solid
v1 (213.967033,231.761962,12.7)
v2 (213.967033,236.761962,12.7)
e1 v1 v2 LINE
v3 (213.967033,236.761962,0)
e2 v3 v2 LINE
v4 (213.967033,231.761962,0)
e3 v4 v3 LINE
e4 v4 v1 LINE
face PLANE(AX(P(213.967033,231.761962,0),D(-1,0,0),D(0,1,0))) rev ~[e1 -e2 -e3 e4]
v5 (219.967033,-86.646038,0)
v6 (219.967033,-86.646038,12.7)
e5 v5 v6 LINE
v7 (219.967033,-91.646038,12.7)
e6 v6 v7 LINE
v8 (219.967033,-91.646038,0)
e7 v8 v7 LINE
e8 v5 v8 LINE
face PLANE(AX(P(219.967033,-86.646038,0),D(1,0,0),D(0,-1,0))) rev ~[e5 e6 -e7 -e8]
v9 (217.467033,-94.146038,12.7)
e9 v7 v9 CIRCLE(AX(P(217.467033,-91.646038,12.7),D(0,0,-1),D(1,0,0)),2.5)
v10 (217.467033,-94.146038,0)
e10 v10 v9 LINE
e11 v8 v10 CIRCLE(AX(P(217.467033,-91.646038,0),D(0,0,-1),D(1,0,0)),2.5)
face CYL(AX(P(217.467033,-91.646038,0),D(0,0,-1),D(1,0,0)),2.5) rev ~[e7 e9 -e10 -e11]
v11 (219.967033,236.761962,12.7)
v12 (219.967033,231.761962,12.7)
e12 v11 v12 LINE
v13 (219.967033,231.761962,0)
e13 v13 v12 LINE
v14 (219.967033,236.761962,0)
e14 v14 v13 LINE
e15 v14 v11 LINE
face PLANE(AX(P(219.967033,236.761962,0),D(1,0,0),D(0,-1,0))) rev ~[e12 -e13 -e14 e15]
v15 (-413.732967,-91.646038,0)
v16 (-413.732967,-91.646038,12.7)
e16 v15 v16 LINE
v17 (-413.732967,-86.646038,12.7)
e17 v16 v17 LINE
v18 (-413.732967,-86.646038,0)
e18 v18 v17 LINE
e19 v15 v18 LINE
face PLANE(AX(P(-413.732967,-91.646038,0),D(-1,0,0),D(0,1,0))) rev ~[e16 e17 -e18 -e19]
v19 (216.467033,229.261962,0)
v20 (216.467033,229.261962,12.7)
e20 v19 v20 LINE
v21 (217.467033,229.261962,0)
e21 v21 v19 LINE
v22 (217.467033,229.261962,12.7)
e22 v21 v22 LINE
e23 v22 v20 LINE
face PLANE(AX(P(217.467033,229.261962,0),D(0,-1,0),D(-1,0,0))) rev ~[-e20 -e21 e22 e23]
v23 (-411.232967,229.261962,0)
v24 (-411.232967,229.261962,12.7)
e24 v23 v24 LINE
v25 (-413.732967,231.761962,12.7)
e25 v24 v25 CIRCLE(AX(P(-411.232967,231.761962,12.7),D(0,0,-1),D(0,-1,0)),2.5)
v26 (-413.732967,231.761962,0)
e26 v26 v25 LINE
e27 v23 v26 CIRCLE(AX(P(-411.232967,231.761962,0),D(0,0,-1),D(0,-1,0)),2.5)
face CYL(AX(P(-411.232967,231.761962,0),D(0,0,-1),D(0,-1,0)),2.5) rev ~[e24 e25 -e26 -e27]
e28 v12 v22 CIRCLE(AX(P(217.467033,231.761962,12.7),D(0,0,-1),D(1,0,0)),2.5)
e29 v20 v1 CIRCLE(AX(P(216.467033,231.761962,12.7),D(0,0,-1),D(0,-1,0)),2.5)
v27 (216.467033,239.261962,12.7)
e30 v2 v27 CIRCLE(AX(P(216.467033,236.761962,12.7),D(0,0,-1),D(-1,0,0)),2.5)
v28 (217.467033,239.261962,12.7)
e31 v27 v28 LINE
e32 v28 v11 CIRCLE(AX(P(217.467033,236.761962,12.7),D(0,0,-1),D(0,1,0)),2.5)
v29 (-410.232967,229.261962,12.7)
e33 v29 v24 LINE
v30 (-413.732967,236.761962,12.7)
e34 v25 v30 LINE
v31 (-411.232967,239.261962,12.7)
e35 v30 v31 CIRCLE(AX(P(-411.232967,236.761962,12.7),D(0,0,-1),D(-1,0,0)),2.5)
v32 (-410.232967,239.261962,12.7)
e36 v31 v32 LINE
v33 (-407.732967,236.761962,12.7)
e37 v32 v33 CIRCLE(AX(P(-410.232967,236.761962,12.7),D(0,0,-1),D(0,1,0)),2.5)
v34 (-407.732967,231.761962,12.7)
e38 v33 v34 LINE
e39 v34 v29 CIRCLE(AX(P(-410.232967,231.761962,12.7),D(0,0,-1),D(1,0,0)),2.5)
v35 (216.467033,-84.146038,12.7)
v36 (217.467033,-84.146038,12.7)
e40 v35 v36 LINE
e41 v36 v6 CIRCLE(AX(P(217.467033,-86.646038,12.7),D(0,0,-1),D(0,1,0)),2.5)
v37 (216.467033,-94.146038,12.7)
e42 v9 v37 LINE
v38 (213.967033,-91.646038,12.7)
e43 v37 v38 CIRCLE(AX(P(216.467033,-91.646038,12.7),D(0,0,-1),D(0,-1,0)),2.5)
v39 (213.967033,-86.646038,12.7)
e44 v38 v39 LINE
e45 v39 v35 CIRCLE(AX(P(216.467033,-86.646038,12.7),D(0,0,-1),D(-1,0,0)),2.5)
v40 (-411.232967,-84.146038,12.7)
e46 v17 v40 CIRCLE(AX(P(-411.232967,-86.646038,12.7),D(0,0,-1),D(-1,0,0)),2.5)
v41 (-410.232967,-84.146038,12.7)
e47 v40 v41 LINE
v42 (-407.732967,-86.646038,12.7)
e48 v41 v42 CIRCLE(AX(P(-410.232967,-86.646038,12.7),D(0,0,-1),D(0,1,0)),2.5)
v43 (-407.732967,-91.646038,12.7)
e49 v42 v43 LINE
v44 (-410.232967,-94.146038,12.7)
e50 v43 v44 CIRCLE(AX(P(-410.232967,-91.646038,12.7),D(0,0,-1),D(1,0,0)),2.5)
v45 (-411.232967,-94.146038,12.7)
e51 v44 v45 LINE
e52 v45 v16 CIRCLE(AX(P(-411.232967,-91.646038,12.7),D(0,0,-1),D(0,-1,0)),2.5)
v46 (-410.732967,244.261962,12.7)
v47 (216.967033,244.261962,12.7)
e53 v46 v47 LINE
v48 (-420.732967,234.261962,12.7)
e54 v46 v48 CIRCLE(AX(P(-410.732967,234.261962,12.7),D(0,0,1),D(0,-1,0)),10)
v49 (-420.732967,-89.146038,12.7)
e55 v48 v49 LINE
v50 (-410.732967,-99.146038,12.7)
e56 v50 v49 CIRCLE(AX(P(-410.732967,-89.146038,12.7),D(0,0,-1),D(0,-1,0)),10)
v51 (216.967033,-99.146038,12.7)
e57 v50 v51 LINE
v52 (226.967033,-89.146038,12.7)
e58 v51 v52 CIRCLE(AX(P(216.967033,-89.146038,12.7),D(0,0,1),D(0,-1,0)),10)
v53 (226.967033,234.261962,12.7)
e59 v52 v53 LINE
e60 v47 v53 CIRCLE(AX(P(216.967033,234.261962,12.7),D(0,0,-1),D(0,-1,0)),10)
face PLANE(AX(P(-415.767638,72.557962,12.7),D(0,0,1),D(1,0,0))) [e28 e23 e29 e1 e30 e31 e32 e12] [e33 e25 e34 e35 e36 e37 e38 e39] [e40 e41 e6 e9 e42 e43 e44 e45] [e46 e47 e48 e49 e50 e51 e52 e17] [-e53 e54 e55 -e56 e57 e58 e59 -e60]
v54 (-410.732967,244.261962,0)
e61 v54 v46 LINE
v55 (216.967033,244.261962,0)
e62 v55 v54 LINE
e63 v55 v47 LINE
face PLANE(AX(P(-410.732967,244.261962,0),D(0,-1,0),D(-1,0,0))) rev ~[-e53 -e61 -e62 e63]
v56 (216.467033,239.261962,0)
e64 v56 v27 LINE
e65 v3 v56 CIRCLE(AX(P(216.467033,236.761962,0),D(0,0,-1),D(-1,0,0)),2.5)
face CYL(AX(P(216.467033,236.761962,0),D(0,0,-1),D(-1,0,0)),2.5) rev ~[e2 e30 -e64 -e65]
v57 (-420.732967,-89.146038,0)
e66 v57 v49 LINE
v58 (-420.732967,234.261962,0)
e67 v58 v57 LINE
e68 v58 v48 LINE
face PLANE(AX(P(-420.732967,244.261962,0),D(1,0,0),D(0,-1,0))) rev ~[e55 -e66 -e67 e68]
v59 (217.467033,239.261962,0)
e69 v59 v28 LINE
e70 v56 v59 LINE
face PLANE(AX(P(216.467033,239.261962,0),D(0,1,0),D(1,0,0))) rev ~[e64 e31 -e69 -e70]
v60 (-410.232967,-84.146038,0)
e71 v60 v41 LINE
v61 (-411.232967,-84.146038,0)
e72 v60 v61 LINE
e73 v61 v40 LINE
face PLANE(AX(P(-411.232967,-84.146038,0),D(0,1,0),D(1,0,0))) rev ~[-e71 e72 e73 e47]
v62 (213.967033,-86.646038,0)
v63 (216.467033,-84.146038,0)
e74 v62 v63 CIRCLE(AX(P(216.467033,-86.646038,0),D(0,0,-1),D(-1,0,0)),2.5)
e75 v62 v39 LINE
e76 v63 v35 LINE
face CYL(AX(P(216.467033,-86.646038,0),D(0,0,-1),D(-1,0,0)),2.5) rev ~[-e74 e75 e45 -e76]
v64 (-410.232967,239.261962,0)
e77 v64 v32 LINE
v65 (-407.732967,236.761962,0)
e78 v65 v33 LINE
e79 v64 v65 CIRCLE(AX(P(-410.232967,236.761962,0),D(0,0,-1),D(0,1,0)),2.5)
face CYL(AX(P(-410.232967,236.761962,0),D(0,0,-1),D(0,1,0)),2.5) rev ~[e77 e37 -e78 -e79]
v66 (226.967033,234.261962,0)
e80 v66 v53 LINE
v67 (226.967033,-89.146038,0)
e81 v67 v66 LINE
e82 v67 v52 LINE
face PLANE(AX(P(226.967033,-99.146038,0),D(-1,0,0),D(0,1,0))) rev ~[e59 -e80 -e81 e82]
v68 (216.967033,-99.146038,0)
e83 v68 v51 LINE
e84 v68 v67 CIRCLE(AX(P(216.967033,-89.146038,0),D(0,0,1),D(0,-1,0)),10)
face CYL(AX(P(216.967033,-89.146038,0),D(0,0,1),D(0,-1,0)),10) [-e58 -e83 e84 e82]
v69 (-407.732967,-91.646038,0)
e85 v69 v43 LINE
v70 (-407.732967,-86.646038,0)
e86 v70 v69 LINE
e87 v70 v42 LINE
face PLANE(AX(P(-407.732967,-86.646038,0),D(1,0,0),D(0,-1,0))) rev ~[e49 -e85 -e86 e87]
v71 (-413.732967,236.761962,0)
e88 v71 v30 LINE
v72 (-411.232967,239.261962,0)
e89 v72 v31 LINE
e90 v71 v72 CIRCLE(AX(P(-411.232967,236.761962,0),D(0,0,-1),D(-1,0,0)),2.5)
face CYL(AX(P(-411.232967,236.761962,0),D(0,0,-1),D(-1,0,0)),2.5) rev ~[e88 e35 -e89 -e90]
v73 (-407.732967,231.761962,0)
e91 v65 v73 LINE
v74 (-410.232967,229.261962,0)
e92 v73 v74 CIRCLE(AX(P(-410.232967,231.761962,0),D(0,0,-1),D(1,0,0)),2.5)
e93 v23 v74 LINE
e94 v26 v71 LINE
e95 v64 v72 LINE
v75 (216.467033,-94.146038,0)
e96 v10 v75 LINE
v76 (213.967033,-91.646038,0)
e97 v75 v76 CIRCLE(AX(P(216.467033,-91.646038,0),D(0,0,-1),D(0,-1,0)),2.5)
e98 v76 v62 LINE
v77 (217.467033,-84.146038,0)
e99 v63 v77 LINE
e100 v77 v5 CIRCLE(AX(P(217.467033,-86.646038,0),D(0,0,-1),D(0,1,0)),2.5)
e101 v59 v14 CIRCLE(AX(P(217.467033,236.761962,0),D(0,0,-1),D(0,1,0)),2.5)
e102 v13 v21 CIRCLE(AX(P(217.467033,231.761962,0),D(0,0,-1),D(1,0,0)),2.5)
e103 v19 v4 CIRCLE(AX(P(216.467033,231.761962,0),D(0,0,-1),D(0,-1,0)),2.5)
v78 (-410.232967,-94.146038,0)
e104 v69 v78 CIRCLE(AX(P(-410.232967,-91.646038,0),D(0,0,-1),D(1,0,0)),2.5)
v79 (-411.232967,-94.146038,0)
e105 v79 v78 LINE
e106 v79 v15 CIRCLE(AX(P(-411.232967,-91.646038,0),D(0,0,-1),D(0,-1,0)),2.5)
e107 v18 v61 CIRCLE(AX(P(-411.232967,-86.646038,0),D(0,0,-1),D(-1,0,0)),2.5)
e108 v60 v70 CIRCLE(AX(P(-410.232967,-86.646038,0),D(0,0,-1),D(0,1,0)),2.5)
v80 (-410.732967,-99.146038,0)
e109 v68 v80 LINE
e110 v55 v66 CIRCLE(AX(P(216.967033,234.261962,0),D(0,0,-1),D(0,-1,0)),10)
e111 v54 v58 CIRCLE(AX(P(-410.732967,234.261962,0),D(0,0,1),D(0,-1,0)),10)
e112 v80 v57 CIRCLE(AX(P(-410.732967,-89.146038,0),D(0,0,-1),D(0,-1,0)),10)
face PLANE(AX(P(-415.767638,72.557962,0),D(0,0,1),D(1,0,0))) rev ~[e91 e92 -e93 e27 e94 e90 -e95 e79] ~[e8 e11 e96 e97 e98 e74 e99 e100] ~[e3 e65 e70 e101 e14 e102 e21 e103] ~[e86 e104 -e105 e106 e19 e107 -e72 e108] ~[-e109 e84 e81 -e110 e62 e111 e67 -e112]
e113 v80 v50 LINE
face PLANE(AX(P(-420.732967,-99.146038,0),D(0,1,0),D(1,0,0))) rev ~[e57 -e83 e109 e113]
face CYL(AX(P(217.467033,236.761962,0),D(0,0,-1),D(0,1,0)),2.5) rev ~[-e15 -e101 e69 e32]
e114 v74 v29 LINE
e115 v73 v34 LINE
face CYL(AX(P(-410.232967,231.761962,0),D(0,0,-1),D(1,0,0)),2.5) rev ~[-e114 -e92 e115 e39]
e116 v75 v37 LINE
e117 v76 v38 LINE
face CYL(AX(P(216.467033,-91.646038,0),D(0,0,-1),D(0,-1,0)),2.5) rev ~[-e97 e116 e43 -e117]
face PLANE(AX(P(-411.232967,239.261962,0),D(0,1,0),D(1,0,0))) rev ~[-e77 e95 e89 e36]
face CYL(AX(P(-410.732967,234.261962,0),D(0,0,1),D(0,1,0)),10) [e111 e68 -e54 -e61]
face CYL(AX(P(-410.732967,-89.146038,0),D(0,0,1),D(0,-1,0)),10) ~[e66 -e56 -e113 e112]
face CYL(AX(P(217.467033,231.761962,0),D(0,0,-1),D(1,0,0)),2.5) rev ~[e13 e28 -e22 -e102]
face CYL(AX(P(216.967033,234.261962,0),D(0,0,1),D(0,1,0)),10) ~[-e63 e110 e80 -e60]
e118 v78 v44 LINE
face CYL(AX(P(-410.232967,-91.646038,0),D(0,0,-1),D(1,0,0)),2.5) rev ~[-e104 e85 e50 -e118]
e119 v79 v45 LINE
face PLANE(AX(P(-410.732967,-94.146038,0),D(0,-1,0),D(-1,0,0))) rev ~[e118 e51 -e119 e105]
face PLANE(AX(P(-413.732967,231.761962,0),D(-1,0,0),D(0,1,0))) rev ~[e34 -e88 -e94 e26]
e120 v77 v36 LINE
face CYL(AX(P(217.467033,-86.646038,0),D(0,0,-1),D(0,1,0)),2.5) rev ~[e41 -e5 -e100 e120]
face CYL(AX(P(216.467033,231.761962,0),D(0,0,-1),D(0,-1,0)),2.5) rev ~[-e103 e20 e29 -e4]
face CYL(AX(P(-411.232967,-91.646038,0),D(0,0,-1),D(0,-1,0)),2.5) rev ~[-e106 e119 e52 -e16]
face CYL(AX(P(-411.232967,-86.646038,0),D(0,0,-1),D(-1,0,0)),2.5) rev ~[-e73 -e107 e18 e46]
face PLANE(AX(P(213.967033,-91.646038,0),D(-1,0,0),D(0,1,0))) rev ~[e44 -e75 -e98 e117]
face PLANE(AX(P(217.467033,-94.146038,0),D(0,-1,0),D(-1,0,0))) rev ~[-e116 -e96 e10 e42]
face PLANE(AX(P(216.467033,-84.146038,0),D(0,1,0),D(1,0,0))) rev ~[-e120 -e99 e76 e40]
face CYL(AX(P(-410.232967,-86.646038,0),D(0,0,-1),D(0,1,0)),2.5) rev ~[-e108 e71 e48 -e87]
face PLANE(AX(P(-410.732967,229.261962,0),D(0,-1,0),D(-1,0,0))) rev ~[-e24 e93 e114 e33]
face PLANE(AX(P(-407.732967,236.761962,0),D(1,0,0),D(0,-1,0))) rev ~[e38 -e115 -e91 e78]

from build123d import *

# Parameters (mm, degrees)
BOSS_EXTRUDE3_DEPTH = 12.7
FILLET1_R           = 10


with BuildPart() as part:
    # Sketch1 → Boss-Extrude3 (new body)
    # profile 1 of 2: a face of its own
    with BuildSketch(Plane.XY):
        with BuildLine():
            Line((226.967032535, 244.261961814), (-410.732967465, 244.261961814))
            Line((-410.732967465, 244.261961814), (-410.732967465, 239.261961814))
            Line((-410.732967465, 239.261961814), (-410.232967465, 239.261961814))
            ThreePointArc((-410.232967465, 239.261961814), (-408.465200512, 238.529728767), (-407.732967465, 236.761961814))
            Line((-407.732967465, 236.761961814), (-407.732967465, 231.761961814))
            ThreePointArc((-407.732967465, 231.761961814), (-408.465200512, 229.994194861), (-410.232967465, 229.261961814))
            Line((-410.232967465, 229.261961814), (-410.732967465, 229.261961814))
            Line((-410.732967465, 229.261961814), (-410.732967465, -84.146038186))
            Line((-410.732967465, -84.146038186), (-410.232967465, -84.146038186))
            ThreePointArc((-410.232967465, -84.146038186), (-408.465200512, -84.878271233), (-407.732967465, -86.646038186))
            Line((-407.732967465, -86.646038186), (-407.732967465, -91.646038186))
            ThreePointArc((-407.732967465, -91.646038186), (-408.465200512, -93.413805139), (-410.232967465, -94.146038186))
            Line((-410.232967465, -94.146038186), (-410.732967465, -94.146038186))
            Line((-410.732967465, -94.146038186), (-410.732967465, -99.146038186))
            Line((-410.732967465, -99.146038186), (226.967032535, -99.146038186))
            Line((226.967032535, -99.146038186), (226.967032535, 244.261961814))
        make_face()
        with BuildLine():
            ThreePointArc((219.967032535, -91.646038186), (219.234799488, -93.413805139), (217.467032535, -94.146038186))
            Line((217.467032535, -94.146038186), (216.467032535, -94.146038186))
            ThreePointArc((216.467032535, -94.146038186), (214.699265582, -93.413805139), (213.967032535, -91.646038186))
            Line((213.967032535, -91.646038186), (213.967032535, -86.646038186))
            ThreePointArc((213.967032535, -86.646038186), (214.699265582, -84.878271233), (216.467032535, -84.146038186))
            Line((216.467032535, -84.146038186), (217.467032535, -84.146038186))
            ThreePointArc((217.467032535, -84.146038186), (219.234799488, -84.878271233), (219.967032535, -86.646038186))
            Line((219.967032535, -86.646038186), (219.967032535, -91.646038186))
        make_face(mode=Mode.SUBTRACT)
        with BuildLine():
            ThreePointArc((219.967032535, 231.761961814), (219.234799488, 229.994194861), (217.467032535, 229.261961814))
            Line((217.467032535, 229.261961814), (216.467032535, 229.261961814))
            ThreePointArc((216.467032535, 229.261961814), (214.699265582, 229.994194861), (213.967032535, 231.761961814))
            Line((213.967032535, 231.761961814), (213.967032535, 236.761961814))
            ThreePointArc((213.967032535, 236.761961814), (214.699265582, 238.529728767), (216.467032535, 239.261961814))
            Line((216.467032535, 239.261961814), (217.467032535, 239.261961814))
            ThreePointArc((217.467032535, 239.261961814), (219.234799488, 238.529728767), (219.967032535, 236.761961814))
            Line((219.967032535, 236.761961814), (219.967032535, 231.761961814))
        make_face(mode=Mode.SUBTRACT)
    # profile 2 of 2: a face of its own
    with BuildSketch(Plane.XY):
        with BuildLine():
            Line((-410.732967465, 244.261961814), (-420.732967465, 244.261961814))
            Line((-420.732967465, 244.261961814), (-420.732967465, -99.146038186))
            Line((-420.732967465, -99.146038186), (-410.732967465, -99.146038186))
            Line((-410.732967465, -99.146038186), (-410.732967465, -94.146038186))
            Line((-410.732967465, -94.146038186), (-411.232967465, -94.146038186))
            ThreePointArc((-411.232967465, -94.146038186), (-413.000734418, -93.413805139), (-413.732967465, -91.646038186))
            Line((-413.732967465, -91.646038186), (-413.732967465, -86.646038186))
            ThreePointArc((-413.732967465, -86.646038186), (-413.000734418, -84.878271233), (-411.232967465, -84.146038186))
            Line((-411.232967465, -84.146038186), (-410.732967465, -84.146038186))
            Line((-410.732967465, -84.146038186), (-410.732967465, 229.261961814))
            Line((-410.732967465, 229.261961814), (-411.232967465, 229.261961814))
            ThreePointArc((-411.232967465, 229.261961814), (-413.000734418, 229.994194861), (-413.732967465, 231.761961814))
            Line((-413.732967465, 231.761961814), (-413.732967465, 236.761961814))
            ThreePointArc((-413.732967465, 236.761961814), (-413.000734418, 238.529728767), (-411.232967465, 239.261961814))
            Line((-411.232967465, 239.261961814), (-410.732967465, 239.261961814))
            Line((-410.732967465, 239.261961814), (-410.732967465, 244.261961814))
        make_face()
    extrude(amount=BOSS_EXTRUDE3_DEPTH)

    # Fillet1
    fillet1_edges = [part.edges().sort_by_distance(p)[0] for p in [
        (-420.732967465, 244.261961814, 6.35),
        (226.967032535, 244.261961814, 6.35),
        (226.967032535, -99.146038186, 6.35),
        (-420.732967465, -99.146038186, 6.35),
    ]]
    fillet(fillet1_edges, radius=FILLET1_R)


solid = part.part
